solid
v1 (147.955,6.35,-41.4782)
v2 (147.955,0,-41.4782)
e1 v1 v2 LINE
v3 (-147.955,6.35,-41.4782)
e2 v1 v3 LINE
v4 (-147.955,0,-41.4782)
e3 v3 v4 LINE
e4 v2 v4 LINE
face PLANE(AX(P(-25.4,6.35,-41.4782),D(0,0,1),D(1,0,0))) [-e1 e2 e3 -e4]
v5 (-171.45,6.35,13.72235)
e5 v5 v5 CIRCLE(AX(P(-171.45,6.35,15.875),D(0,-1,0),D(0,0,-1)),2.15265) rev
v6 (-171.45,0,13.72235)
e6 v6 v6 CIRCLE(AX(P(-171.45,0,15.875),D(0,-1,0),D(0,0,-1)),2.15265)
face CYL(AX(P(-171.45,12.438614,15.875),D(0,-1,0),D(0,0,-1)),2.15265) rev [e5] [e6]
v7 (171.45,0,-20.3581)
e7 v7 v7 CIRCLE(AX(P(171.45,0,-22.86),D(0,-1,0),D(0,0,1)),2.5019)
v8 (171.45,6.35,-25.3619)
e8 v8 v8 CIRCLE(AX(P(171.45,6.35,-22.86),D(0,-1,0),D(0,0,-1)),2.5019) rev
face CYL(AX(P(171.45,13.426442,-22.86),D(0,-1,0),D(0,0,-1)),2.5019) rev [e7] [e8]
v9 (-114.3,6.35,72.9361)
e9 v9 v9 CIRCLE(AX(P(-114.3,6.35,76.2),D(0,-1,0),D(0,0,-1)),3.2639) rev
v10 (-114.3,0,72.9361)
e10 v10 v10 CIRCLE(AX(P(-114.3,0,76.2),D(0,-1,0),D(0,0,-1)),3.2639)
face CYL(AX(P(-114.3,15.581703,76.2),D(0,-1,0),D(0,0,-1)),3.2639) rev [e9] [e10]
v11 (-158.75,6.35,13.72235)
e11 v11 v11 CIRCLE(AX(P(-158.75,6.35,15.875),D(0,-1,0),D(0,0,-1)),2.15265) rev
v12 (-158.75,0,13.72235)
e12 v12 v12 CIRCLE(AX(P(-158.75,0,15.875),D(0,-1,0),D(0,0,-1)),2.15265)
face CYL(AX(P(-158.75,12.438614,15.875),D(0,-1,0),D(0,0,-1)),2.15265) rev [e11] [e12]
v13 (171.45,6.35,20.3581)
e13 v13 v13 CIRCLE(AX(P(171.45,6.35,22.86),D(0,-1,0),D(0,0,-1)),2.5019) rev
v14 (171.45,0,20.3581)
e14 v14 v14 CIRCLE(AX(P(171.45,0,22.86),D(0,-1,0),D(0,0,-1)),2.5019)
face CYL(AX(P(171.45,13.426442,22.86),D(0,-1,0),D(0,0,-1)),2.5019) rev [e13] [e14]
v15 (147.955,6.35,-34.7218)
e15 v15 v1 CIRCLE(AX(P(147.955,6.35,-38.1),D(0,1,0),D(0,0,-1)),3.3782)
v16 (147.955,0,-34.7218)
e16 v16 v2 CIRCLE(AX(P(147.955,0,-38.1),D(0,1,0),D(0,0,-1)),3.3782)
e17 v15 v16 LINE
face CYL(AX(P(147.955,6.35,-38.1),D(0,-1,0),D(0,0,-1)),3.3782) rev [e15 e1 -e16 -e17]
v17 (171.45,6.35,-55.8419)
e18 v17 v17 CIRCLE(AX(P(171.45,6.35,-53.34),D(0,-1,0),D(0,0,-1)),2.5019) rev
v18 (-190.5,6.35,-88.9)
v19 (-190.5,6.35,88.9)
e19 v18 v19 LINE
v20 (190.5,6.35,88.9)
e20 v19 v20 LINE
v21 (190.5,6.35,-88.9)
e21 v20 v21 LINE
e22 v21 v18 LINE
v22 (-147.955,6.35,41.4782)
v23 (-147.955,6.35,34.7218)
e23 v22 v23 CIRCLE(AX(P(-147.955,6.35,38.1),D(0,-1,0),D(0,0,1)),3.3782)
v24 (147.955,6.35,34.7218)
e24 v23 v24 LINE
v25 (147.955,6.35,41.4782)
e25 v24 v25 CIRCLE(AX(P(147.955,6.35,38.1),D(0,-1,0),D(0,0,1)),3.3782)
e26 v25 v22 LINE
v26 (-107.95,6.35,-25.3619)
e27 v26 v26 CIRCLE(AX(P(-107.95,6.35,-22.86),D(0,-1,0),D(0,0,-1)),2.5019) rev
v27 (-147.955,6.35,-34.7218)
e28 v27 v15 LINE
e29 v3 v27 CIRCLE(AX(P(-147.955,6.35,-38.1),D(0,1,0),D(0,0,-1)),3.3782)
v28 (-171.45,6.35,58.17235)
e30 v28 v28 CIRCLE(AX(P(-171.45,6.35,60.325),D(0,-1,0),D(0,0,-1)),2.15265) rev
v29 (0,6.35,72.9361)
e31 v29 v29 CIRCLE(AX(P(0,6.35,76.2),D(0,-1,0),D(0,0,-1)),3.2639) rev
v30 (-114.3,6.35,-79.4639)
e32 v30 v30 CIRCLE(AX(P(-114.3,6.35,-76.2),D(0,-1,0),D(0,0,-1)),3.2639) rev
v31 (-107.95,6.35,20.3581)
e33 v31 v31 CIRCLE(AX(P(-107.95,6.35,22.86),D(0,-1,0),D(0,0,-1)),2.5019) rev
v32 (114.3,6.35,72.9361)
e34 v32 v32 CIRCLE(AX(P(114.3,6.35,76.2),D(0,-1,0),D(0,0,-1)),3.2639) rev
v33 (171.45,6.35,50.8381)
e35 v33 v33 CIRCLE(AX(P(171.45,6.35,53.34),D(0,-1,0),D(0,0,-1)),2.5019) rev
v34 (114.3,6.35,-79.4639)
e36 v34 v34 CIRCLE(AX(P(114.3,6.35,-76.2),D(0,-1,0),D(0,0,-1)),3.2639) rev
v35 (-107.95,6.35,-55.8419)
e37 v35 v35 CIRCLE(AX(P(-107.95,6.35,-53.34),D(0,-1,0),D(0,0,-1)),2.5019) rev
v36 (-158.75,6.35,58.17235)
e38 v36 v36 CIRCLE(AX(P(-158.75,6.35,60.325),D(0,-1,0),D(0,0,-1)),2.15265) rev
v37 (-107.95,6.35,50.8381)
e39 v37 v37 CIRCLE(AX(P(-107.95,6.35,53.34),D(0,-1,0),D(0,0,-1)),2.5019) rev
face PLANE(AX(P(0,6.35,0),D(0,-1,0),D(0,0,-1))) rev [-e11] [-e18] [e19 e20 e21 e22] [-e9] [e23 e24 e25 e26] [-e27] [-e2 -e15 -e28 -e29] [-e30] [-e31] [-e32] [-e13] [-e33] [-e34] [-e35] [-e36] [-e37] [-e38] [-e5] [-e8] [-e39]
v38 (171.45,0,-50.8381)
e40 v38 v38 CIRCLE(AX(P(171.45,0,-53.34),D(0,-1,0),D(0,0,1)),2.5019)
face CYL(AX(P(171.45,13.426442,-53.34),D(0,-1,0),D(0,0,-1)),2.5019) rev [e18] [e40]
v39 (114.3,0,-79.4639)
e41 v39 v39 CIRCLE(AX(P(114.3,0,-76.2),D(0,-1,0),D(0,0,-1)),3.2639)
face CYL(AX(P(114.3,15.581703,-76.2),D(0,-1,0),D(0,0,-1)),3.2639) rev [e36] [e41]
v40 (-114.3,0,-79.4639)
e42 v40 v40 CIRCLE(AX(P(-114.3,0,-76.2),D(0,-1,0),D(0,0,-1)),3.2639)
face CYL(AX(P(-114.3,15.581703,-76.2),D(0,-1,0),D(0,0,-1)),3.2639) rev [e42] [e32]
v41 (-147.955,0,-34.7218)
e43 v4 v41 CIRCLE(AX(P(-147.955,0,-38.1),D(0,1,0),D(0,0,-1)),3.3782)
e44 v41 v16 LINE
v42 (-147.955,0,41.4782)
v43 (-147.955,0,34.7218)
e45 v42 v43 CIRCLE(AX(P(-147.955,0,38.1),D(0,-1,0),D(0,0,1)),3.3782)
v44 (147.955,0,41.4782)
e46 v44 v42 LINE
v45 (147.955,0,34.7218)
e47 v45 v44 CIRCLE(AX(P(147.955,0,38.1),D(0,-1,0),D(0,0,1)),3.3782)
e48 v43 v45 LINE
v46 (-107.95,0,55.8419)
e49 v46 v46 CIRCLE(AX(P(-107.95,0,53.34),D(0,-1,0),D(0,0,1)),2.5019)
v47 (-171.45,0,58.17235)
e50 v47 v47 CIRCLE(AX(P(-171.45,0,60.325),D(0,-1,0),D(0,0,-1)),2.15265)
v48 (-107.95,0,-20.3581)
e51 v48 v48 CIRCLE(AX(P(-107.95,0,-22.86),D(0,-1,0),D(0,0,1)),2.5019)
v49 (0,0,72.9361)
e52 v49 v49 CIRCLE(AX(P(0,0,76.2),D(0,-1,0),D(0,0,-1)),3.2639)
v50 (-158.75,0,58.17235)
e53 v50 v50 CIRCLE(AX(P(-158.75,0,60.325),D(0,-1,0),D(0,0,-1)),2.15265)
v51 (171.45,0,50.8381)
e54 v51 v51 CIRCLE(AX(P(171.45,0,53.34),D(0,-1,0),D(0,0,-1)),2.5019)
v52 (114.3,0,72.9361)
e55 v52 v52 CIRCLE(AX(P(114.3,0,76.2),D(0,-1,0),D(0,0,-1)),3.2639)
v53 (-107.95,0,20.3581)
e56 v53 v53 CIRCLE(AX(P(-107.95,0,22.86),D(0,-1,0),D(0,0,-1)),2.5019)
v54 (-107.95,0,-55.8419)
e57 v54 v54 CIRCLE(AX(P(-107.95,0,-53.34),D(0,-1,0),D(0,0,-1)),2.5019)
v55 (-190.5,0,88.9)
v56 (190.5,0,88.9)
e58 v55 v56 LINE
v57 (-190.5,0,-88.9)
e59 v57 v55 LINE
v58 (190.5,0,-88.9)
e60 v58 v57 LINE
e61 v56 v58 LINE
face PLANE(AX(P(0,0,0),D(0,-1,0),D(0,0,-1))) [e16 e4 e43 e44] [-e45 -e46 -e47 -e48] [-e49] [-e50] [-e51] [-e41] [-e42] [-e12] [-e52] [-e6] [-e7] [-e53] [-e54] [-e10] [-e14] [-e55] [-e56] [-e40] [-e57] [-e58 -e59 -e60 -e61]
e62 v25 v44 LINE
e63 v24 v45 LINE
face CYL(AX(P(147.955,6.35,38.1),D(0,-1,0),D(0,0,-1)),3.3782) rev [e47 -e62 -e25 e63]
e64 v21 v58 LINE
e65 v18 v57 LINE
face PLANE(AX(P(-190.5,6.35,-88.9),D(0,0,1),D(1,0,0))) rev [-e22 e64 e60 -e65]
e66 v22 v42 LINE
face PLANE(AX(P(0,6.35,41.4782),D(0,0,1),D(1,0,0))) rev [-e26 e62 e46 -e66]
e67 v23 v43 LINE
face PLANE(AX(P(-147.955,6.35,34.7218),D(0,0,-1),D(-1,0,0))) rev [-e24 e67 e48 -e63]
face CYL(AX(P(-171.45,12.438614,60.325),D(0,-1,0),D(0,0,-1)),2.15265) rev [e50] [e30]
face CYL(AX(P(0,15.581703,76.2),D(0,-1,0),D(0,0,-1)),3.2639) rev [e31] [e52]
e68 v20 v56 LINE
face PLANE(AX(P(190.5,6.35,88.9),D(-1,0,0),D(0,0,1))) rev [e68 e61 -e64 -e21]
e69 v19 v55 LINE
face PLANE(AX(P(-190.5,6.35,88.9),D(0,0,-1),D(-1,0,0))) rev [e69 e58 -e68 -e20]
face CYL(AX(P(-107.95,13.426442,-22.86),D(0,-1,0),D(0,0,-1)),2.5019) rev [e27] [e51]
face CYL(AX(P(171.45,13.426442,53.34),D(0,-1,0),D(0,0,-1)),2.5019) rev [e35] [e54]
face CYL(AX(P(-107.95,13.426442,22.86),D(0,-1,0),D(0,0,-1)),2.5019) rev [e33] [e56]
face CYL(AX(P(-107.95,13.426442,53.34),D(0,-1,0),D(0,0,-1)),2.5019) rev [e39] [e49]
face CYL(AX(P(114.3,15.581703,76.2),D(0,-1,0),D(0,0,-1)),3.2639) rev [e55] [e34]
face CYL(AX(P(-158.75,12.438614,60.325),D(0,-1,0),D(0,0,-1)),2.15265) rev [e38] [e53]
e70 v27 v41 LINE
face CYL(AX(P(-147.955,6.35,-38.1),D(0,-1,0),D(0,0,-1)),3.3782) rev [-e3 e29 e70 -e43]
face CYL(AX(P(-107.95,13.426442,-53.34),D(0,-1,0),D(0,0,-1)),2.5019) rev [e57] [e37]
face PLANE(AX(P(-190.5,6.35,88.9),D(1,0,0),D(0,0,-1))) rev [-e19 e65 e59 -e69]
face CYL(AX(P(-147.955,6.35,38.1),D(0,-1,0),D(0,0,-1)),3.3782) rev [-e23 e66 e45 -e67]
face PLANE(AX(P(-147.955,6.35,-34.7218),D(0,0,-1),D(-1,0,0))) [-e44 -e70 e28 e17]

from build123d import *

# Parameters (mm, degrees)
SKETCH1_W                  = 381
SKETCH1_H                  = 177.8
PLATE_DEPTH                = 6.35
SKETCH4_R                  = 3.2639
CHASSISMOUNTINGHOLES_DEPTH = 6.35
SKETCH5_R                  = 2.5019
LEADSCREWGUIDEMOUNTS_DEPTH = 6.35
SKETCH6_R                  = 2.15265
LEADSCREWMOTORMOUNT_DEPTH  = 6.35
SKETCH8_R                  = 3.2639
CUT_EXTRUDE2_DEPTH         = 7.35
CUT_EXTRUDE4_DEPTH         = 7.35


with BuildPart() as part:
    # Sketch1 → Plate (new body)
    with BuildSketch(Plane(origin=(0, 0, 0), x_dir=(1, 0, 0), z_dir=(0, 1, 0))):
        Rectangle(SKETCH1_W, SKETCH1_H)
    extrude(amount=PLATE_DEPTH)

    # Sketch4 → ChassisMountingHoles (cut)
    with BuildSketch(Plane.XZ):
        with Locations((0, 76.2)):
            Circle(SKETCH4_R)
        with Locations((-114.3, 76.2)):
            Circle(SKETCH4_R)
        with Locations((114.3, 76.2)):
            Circle(SKETCH4_R)
        with Locations((-114.3, -76.2)):
            Circle(SKETCH4_R)
        with Locations((114.3, -76.2)):
            Circle(SKETCH4_R)
    extrude(amount=-CHASSISMOUNTINGHOLES_DEPTH, mode=Mode.SUBTRACT)

    # Sketch5 → LeadScrewGuideMounts (cut)
    with BuildSketch(Plane.XZ):
        with Locations((171.45, 53.34)):
            Circle(SKETCH5_R)
        with Locations((171.45, 22.86)):
            Circle(SKETCH5_R)
        with Locations((-107.95, 53.34)):
            Circle(SKETCH5_R)
        with Locations((-107.95, 22.86)):
            Circle(SKETCH5_R)
        with Locations((171.45, -53.34)):
            Circle(SKETCH5_R)
        with Locations((171.45, -22.86)):
            Circle(SKETCH5_R)
        with Locations((-107.95, -22.86)):
            Circle(SKETCH5_R)
        with Locations((-107.95, -53.34)):
            Circle(SKETCH5_R)
    extrude(amount=-LEADSCREWGUIDEMOUNTS_DEPTH, mode=Mode.SUBTRACT)

    # Sketch6 → LeadScrewMotorMount (cut)
    with BuildSketch(Plane.XZ):
        with Locations((-171.45, 60.325)):
            Circle(SKETCH6_R)
        with Locations((-158.75, 60.325)):
            Circle(SKETCH6_R)
        with Locations((-171.45, 15.875)):
            Circle(SKETCH6_R)
        with Locations((-158.75, 15.875)):
            Circle(SKETCH6_R)
    extrude(amount=-LEADSCREWMOTORMOUNT_DEPTH, mode=Mode.SUBTRACT)

    # Sketch8 → Cut-Extrude2 (cut, through all)
    with BuildSketch(Plane.XZ):
        with Locations((-25.4, 38.1)):
            Circle(SKETCH8_R)
        with Locations((25.4, 38.1)):
            Circle(SKETCH8_R)
        with Locations((76.2, 38.1)):
            Circle(SKETCH8_R)
    extrude(amount=-CUT_EXTRUDE2_DEPTH, mode=Mode.SUBTRACT)

    # Sketch10 → Cut-Extrude4 (cut, through all)
    with BuildSketch(Plane.XZ):
        with BuildLine():
            Line((-25.4, 41.4782), (-147.955, 41.4782))
            ThreePointArc((-147.955, 41.4782), (-151.3332, 38.1), (-147.955, 34.7218))
            Line((-147.955, 34.7218), (147.955, 34.7218))
            ThreePointArc((147.955, 34.7218), (151.3332, 38.1), (147.955, 41.4782))
            Line((147.955, 41.4782), (0, 41.4782))
            Line((0, 41.4782), (-25.4, 41.4782))
        make_face()
    cut_extrude4 = extrude(amount=-CUT_EXTRUDE4_DEPTH, mode=Mode.SUBTRACT)

    # Mirror3: Cut-Extrude4 across plane
    add(cut_extrude4.mirror(Plane.XY), mode=Mode.SUBTRACT)


solid = part.part
